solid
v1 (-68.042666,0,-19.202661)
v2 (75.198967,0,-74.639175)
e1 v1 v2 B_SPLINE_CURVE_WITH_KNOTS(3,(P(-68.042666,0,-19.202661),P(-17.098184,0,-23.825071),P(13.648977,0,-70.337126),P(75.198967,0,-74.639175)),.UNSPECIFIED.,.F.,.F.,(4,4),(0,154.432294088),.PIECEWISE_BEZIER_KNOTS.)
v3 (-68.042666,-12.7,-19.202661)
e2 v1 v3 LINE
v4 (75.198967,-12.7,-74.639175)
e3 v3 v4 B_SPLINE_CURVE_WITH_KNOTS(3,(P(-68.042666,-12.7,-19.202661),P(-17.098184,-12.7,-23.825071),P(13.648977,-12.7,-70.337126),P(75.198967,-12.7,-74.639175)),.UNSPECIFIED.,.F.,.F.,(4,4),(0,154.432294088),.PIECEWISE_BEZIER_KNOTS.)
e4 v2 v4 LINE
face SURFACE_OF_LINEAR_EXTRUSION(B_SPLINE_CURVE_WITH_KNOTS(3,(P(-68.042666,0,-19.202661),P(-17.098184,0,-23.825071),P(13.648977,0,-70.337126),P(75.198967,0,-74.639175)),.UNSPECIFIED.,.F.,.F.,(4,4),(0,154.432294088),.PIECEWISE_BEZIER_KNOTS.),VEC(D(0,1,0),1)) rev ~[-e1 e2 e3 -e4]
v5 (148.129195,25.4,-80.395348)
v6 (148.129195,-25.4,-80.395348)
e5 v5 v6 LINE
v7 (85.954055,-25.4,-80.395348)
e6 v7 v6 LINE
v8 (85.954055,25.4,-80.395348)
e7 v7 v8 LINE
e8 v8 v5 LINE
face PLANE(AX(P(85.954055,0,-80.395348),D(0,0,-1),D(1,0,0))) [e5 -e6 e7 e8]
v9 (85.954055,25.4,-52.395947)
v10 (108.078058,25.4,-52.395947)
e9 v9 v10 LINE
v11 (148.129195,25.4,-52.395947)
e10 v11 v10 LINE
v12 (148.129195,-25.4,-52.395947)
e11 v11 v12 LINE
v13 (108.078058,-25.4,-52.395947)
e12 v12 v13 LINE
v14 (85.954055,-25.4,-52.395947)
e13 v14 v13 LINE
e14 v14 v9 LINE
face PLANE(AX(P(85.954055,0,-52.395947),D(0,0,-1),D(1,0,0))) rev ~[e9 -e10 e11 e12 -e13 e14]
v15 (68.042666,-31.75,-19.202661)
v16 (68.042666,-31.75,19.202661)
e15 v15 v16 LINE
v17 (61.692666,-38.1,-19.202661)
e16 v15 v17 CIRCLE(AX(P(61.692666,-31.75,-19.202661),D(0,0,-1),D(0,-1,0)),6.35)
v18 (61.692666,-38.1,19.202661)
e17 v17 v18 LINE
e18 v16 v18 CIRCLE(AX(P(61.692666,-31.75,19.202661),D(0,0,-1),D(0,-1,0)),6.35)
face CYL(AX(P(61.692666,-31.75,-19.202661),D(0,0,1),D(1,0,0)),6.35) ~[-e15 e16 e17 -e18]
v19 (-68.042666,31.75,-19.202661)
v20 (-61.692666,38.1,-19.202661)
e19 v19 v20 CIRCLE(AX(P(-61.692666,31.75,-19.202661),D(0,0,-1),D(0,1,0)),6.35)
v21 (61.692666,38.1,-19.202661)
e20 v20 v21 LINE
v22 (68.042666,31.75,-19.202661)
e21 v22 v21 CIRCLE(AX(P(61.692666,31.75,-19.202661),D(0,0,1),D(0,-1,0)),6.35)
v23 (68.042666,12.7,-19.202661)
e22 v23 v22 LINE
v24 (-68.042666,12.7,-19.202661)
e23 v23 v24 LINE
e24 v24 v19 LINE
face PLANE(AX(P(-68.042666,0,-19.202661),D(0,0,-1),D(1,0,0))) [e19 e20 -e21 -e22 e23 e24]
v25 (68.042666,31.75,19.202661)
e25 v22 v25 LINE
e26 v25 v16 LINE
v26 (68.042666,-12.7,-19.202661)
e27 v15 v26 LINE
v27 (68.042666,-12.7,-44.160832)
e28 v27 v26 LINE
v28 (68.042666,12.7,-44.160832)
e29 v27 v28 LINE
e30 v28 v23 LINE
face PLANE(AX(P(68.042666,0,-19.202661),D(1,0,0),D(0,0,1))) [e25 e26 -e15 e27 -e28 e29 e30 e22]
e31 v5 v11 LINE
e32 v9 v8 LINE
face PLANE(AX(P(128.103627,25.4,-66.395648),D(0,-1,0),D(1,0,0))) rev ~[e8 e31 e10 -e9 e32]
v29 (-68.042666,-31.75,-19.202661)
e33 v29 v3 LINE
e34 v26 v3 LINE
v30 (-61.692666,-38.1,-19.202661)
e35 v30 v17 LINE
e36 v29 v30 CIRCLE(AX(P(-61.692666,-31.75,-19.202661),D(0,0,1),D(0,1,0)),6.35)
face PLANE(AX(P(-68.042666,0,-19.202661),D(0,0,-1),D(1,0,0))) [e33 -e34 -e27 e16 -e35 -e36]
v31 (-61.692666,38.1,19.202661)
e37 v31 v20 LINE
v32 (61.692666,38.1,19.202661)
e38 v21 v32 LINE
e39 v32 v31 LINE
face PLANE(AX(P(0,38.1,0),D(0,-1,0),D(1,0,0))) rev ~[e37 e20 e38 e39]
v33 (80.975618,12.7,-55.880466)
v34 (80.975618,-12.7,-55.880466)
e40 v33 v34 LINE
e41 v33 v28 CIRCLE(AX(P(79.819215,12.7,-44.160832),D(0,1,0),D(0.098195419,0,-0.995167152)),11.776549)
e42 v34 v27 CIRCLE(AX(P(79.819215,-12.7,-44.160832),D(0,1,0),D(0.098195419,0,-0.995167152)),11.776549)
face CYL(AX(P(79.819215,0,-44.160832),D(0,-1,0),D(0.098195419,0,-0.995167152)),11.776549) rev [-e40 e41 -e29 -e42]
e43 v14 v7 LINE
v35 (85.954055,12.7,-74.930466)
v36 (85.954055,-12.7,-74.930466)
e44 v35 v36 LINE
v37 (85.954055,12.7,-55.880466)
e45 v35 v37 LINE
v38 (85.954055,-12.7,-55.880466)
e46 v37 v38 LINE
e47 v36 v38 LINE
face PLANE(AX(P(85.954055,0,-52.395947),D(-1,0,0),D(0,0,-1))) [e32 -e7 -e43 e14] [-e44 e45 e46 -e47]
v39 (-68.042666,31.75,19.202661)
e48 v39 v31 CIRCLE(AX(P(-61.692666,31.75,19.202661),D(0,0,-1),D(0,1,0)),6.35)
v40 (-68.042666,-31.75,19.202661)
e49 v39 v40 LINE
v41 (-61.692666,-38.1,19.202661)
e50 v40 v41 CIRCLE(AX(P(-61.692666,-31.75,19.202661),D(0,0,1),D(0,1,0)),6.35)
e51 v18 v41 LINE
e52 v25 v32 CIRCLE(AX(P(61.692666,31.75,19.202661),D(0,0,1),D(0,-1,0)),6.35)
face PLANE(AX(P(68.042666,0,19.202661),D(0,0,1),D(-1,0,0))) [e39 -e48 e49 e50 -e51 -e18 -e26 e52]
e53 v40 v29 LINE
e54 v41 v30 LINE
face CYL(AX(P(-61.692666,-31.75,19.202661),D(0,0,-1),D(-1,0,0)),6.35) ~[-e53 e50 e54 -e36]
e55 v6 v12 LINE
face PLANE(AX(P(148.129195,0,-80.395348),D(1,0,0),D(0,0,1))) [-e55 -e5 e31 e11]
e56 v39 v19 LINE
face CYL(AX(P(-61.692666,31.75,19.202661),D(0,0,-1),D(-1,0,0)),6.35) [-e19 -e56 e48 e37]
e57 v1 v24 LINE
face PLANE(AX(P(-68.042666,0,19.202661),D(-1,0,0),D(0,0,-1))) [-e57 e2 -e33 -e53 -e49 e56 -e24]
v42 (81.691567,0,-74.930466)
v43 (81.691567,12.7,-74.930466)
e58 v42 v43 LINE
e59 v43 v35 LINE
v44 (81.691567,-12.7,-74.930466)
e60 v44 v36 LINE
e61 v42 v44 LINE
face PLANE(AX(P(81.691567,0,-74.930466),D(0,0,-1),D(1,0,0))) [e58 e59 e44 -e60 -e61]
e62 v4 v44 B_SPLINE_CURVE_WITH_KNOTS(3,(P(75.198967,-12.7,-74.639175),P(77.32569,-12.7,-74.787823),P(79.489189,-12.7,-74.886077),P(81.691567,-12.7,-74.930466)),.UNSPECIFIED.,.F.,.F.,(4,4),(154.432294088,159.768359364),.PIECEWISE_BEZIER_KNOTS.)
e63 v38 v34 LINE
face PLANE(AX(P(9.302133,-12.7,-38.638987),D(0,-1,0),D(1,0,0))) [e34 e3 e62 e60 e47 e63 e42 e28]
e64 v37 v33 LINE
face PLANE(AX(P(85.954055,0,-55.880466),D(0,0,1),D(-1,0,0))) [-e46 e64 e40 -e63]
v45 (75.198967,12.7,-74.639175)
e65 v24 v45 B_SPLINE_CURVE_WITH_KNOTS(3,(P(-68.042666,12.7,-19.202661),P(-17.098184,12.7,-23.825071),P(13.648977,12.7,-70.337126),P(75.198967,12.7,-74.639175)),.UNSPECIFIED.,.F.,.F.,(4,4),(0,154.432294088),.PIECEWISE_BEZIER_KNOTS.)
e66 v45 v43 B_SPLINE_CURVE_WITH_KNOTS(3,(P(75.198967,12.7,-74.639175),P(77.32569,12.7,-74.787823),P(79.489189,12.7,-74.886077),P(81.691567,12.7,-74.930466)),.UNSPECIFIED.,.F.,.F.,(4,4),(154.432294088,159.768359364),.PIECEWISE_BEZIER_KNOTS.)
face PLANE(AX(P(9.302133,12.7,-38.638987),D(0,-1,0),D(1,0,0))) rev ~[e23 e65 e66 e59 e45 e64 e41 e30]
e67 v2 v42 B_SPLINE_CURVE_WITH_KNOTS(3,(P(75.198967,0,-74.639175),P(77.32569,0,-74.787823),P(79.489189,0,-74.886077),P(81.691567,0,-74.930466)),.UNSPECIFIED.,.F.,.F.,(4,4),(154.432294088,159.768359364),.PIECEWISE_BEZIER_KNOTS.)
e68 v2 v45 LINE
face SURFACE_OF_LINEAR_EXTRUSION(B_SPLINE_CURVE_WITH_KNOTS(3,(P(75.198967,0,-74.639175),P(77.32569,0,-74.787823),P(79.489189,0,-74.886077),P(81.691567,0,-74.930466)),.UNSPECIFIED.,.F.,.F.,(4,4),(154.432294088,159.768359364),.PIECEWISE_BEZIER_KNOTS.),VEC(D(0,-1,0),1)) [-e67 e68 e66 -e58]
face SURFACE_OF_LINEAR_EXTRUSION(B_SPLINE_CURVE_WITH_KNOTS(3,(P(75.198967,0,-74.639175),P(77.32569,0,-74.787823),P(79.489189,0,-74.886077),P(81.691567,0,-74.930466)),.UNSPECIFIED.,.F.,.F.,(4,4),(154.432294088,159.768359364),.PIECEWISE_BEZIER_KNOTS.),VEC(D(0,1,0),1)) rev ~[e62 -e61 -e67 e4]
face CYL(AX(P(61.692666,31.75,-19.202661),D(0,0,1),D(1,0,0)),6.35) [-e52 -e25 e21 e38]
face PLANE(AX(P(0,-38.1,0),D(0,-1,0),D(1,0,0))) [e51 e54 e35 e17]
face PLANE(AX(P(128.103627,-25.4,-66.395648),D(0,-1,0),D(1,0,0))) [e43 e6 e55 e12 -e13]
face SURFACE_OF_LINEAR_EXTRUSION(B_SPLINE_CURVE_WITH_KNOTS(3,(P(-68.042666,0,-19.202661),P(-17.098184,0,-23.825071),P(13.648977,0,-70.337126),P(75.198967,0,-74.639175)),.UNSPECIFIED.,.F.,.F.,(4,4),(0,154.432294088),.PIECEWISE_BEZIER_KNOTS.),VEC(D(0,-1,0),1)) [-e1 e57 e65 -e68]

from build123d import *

# Parameters (mm, degrees)
F1_DEPTH = 38.1
F2_DEPTH = 12.7
F0_W     = 22.1240029774
F0_H     = 19.05
F0_H_2   = 5.4648819111
F0_H_3   = 3.4845191814
F3_DEPTH = 25.4
F4_R     = 6.35


with BuildPart() as f1:
    # F0 (on Front) → F1 (new body, symmetric)
    with BuildSketch(Plane.XZ):
        Polygon((48.99266572, -19.2026612566), (68.04266572, -19.2026612566), (68.04266572, 19.2026612566), (-68.04266572, 19.2026612566), (-68.04266572, -19.2026612566), align=None)
    extrude(amount=F1_DEPTH, both=True)

    # F0 (on Front) → F2 (join, symmetric)
    with BuildSketch(Plane.XZ):
        with BuildLine():
            Line((48.99266572, -44.1608317196), (48.99266572, -19.2026612566))
            Line((48.99266572, -19.2026612566), (-68.04266572, -19.2026612566))
            add(Edge.make_bspline(
                [(-68.04266572, -19.2026612566), (-17.0981840349, -23.8250708772), (13.6489767473, -70.337126404), (75.1989668614, -74.6391754041)],
                knots=[0, 0, 0, 0, 154.432294088, 154.432294088, 154.432294088, 154.432294088], degree=3))
            ThreePointArc((75.1989668614, -74.6391754041), (56.4450578335, -64.258715024), (48.99266572, -44.1608317196))
        make_face()
        with BuildLine():
            Line((68.04266572, -44.1608317196), (68.04266572, -19.2026612566))
            Line((68.04266572, -19.2026612566), (48.99266572, -19.2026612566))
            Line((48.99266572, -19.2026612566), (48.99266572, -44.1608317196))
            ThreePointArc((48.99266572, -44.1608317196), (56.4450578335, -64.258715024), (75.1989668614, -74.6391754041))
            add(Edge.make_bspline(
                [(75.1989668614, -74.6391754041), (77.3256902061, -74.7878231622), (79.4891888852, -74.8860766175), (81.6915667764, -74.930466459)],
                knots=[154.432294088, 154.432294088, 154.432294088, 154.432294088, 159.7683593643, 159.7683593643, 159.7683593643, 159.7683593643], degree=3))
            Line((81.6915667764, -74.930466459), (85.9540551901, -74.930466459))
            Line((85.9540551901, -74.930466459), (85.9540551901, -55.880466459))
            Line((85.9540551901, -55.880466459), (80.9756178971, -55.880466459))
            ThreePointArc((80.9756178971, -55.880466459), (71.9113494041, -52.8873873179), (68.04266572, -44.1608317196))
        make_face()
    extrude(amount=F2_DEPTH, both=True)

    # F0 (on Front) → F3 (join, symmetric)
    with BuildSketch(Plane.XZ):
        Polygon((108.0780581675, -52.3959472775), (108.0780581675, -55.880466459), (108.0780581675, -74.930466459), (108.0780581675, -80.3953483701), (148.1291949749, -80.3953483701), (148.1291949749, -52.3959472775), align=None)
        with Locations((97.0160566788, -65.405466459)):
            Rectangle(F0_W, F0_H)
        with Locations((97.0160566788, -77.6629074145)):
            Rectangle(F0_W, F0_H_2)
        with Locations((97.0160566788, -54.1382068683)):
            Rectangle(F0_W, F0_H_3)
    extrude(amount=F3_DEPTH, both=True)

    # F4
    f4_edges = [f1.edges().sort_by_distance(p)[0] for p in [
        (68.042666, -38.1, 0),
        (-68.042666, -38.1, 0),
        (-68.042666, 38.1, 0),
        (68.042666, 38.1, 0),
    ]]
    fillet(f4_edges, radius=F4_R)


solid = f1.part
